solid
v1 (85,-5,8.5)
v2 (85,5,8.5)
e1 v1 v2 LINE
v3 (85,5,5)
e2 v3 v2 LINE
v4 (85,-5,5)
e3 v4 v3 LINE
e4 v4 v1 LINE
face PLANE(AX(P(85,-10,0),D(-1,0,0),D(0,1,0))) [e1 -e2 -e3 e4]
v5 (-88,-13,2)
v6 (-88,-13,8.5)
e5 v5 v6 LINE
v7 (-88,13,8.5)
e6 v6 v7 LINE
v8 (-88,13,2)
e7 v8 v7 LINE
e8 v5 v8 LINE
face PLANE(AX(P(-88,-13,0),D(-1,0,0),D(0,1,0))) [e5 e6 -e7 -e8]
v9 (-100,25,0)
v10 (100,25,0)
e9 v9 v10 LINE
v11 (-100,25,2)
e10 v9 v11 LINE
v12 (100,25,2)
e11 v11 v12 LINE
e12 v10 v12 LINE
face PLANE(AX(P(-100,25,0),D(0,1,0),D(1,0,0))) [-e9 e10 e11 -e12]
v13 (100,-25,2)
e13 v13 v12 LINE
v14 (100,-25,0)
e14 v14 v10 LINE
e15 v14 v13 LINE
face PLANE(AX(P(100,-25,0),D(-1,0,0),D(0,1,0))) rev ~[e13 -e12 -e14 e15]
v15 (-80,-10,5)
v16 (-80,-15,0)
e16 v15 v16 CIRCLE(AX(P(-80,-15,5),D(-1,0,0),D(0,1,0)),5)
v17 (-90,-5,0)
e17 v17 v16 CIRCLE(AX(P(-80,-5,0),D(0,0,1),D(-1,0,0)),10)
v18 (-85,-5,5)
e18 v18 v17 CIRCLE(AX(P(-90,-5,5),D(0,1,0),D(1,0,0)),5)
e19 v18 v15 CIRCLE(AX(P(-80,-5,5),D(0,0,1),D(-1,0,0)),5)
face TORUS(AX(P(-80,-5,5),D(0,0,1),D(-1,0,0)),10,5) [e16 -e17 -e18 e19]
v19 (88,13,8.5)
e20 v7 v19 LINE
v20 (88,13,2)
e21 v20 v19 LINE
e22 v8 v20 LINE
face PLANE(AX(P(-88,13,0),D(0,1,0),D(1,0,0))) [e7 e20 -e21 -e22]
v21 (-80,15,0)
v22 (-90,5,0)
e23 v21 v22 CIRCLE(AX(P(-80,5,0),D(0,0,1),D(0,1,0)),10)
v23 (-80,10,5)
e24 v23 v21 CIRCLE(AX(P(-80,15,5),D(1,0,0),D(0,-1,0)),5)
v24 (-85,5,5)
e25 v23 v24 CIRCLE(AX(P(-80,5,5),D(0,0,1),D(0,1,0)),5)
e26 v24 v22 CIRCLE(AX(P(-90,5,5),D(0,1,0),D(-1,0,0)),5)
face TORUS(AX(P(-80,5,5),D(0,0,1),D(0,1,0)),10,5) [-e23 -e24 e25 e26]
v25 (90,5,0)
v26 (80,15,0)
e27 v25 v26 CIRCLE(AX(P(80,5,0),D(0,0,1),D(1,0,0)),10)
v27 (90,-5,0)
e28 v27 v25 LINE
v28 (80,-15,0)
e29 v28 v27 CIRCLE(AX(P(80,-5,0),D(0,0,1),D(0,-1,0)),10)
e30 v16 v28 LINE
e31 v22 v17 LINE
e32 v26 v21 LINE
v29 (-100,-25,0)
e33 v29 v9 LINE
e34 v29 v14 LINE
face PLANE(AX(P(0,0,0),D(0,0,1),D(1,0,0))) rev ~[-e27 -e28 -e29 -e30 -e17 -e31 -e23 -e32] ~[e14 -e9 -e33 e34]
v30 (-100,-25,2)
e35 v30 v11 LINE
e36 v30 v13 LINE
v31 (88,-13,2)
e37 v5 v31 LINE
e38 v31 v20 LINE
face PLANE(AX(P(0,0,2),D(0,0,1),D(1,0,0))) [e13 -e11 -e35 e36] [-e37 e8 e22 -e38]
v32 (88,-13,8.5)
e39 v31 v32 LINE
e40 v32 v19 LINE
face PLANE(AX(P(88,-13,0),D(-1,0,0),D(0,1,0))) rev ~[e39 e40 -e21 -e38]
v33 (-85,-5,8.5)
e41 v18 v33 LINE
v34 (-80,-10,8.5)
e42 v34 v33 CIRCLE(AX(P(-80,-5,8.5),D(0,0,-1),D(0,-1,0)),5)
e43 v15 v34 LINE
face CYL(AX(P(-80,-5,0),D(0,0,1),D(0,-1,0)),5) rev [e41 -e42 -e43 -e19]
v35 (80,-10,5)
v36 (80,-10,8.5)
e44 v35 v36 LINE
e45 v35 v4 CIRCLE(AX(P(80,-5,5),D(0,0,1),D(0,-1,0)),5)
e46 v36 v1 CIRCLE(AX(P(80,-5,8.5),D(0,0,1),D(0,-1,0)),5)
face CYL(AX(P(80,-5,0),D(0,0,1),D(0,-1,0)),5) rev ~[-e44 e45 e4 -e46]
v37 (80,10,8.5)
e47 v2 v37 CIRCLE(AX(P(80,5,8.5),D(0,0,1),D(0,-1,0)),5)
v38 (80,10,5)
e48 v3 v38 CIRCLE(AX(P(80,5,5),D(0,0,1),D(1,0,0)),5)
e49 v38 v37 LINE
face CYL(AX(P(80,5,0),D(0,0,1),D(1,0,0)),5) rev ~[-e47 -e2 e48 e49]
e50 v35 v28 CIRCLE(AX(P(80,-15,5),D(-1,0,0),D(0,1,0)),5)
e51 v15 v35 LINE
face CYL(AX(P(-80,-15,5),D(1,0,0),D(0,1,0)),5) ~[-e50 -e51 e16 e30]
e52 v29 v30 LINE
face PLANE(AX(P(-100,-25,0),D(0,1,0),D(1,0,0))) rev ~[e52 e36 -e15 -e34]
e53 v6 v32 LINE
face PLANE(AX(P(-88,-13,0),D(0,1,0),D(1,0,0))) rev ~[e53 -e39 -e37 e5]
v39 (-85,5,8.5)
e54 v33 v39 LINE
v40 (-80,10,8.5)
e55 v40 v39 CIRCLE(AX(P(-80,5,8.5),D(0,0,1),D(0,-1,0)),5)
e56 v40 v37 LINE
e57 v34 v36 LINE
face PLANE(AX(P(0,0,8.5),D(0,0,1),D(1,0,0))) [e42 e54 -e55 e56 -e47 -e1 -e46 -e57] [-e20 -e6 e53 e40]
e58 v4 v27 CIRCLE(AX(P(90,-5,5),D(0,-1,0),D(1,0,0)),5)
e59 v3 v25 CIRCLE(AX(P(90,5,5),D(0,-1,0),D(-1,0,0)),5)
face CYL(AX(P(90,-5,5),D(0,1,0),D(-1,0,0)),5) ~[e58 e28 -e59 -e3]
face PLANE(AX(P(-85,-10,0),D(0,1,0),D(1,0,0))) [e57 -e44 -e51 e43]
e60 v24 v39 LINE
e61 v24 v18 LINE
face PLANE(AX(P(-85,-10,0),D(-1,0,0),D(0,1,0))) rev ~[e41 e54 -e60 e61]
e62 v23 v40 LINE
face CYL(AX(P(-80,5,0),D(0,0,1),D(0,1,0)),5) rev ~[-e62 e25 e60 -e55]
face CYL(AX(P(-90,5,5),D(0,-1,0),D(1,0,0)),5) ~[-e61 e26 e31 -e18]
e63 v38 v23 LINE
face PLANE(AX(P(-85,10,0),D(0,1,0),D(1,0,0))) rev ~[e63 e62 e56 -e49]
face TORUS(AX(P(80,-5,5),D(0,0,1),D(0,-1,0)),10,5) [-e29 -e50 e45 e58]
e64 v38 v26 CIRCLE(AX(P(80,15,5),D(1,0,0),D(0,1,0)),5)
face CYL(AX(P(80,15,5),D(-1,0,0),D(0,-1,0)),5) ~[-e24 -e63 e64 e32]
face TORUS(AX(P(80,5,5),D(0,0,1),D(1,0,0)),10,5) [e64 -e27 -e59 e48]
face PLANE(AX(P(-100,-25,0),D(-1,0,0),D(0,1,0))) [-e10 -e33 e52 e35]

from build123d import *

# Parameters (mm, degrees)
F0_W     = 176
F0_H     = 26
F0_W_2   = 170
F0_H_2   = 20
F0_W_3   = 200
F0_H_3   = 50
F1_DEPTH = 2
F2_DEPTH = 8.5
F3_R     = 5
F4_R     = 5


with BuildPart() as f1:
    # F0 (on Top) → F1 (new body)
    with BuildSketch(Plane.XY):
        Rectangle(F0_W, F0_H)
        Rectangle(F0_W_2, F0_H_2, mode=Mode.SUBTRACT)
        Rectangle(F0_W_3, F0_H_3)
        Rectangle(F0_W, F0_H, mode=Mode.SUBTRACT)
    extrude(amount=F1_DEPTH)

    # F0 (on Top) → F2 (join)
    with BuildSketch(Plane.XY):
        Rectangle(F0_W, F0_H)
        Rectangle(F0_W_2, F0_H_2, mode=Mode.SUBTRACT)
    extrude(amount=F2_DEPTH)

    # F3
    f3_edges = [f1.edges().sort_by_distance(p)[0] for p in [
        (-85, -10, 4.25),
        (-85, 10, 4.25),
        (85, -10, 4.25),
        (85, 10, 4.25),
    ]]
    fillet(f3_edges, radius=F3_R)

    # F4
    f4_edges = [f1.edges().sort_by_distance(p)[0] for p in [
        (0, -10, 0),
    ]]
    fillet(f4_edges, radius=F4_R)


solid = f1.part
